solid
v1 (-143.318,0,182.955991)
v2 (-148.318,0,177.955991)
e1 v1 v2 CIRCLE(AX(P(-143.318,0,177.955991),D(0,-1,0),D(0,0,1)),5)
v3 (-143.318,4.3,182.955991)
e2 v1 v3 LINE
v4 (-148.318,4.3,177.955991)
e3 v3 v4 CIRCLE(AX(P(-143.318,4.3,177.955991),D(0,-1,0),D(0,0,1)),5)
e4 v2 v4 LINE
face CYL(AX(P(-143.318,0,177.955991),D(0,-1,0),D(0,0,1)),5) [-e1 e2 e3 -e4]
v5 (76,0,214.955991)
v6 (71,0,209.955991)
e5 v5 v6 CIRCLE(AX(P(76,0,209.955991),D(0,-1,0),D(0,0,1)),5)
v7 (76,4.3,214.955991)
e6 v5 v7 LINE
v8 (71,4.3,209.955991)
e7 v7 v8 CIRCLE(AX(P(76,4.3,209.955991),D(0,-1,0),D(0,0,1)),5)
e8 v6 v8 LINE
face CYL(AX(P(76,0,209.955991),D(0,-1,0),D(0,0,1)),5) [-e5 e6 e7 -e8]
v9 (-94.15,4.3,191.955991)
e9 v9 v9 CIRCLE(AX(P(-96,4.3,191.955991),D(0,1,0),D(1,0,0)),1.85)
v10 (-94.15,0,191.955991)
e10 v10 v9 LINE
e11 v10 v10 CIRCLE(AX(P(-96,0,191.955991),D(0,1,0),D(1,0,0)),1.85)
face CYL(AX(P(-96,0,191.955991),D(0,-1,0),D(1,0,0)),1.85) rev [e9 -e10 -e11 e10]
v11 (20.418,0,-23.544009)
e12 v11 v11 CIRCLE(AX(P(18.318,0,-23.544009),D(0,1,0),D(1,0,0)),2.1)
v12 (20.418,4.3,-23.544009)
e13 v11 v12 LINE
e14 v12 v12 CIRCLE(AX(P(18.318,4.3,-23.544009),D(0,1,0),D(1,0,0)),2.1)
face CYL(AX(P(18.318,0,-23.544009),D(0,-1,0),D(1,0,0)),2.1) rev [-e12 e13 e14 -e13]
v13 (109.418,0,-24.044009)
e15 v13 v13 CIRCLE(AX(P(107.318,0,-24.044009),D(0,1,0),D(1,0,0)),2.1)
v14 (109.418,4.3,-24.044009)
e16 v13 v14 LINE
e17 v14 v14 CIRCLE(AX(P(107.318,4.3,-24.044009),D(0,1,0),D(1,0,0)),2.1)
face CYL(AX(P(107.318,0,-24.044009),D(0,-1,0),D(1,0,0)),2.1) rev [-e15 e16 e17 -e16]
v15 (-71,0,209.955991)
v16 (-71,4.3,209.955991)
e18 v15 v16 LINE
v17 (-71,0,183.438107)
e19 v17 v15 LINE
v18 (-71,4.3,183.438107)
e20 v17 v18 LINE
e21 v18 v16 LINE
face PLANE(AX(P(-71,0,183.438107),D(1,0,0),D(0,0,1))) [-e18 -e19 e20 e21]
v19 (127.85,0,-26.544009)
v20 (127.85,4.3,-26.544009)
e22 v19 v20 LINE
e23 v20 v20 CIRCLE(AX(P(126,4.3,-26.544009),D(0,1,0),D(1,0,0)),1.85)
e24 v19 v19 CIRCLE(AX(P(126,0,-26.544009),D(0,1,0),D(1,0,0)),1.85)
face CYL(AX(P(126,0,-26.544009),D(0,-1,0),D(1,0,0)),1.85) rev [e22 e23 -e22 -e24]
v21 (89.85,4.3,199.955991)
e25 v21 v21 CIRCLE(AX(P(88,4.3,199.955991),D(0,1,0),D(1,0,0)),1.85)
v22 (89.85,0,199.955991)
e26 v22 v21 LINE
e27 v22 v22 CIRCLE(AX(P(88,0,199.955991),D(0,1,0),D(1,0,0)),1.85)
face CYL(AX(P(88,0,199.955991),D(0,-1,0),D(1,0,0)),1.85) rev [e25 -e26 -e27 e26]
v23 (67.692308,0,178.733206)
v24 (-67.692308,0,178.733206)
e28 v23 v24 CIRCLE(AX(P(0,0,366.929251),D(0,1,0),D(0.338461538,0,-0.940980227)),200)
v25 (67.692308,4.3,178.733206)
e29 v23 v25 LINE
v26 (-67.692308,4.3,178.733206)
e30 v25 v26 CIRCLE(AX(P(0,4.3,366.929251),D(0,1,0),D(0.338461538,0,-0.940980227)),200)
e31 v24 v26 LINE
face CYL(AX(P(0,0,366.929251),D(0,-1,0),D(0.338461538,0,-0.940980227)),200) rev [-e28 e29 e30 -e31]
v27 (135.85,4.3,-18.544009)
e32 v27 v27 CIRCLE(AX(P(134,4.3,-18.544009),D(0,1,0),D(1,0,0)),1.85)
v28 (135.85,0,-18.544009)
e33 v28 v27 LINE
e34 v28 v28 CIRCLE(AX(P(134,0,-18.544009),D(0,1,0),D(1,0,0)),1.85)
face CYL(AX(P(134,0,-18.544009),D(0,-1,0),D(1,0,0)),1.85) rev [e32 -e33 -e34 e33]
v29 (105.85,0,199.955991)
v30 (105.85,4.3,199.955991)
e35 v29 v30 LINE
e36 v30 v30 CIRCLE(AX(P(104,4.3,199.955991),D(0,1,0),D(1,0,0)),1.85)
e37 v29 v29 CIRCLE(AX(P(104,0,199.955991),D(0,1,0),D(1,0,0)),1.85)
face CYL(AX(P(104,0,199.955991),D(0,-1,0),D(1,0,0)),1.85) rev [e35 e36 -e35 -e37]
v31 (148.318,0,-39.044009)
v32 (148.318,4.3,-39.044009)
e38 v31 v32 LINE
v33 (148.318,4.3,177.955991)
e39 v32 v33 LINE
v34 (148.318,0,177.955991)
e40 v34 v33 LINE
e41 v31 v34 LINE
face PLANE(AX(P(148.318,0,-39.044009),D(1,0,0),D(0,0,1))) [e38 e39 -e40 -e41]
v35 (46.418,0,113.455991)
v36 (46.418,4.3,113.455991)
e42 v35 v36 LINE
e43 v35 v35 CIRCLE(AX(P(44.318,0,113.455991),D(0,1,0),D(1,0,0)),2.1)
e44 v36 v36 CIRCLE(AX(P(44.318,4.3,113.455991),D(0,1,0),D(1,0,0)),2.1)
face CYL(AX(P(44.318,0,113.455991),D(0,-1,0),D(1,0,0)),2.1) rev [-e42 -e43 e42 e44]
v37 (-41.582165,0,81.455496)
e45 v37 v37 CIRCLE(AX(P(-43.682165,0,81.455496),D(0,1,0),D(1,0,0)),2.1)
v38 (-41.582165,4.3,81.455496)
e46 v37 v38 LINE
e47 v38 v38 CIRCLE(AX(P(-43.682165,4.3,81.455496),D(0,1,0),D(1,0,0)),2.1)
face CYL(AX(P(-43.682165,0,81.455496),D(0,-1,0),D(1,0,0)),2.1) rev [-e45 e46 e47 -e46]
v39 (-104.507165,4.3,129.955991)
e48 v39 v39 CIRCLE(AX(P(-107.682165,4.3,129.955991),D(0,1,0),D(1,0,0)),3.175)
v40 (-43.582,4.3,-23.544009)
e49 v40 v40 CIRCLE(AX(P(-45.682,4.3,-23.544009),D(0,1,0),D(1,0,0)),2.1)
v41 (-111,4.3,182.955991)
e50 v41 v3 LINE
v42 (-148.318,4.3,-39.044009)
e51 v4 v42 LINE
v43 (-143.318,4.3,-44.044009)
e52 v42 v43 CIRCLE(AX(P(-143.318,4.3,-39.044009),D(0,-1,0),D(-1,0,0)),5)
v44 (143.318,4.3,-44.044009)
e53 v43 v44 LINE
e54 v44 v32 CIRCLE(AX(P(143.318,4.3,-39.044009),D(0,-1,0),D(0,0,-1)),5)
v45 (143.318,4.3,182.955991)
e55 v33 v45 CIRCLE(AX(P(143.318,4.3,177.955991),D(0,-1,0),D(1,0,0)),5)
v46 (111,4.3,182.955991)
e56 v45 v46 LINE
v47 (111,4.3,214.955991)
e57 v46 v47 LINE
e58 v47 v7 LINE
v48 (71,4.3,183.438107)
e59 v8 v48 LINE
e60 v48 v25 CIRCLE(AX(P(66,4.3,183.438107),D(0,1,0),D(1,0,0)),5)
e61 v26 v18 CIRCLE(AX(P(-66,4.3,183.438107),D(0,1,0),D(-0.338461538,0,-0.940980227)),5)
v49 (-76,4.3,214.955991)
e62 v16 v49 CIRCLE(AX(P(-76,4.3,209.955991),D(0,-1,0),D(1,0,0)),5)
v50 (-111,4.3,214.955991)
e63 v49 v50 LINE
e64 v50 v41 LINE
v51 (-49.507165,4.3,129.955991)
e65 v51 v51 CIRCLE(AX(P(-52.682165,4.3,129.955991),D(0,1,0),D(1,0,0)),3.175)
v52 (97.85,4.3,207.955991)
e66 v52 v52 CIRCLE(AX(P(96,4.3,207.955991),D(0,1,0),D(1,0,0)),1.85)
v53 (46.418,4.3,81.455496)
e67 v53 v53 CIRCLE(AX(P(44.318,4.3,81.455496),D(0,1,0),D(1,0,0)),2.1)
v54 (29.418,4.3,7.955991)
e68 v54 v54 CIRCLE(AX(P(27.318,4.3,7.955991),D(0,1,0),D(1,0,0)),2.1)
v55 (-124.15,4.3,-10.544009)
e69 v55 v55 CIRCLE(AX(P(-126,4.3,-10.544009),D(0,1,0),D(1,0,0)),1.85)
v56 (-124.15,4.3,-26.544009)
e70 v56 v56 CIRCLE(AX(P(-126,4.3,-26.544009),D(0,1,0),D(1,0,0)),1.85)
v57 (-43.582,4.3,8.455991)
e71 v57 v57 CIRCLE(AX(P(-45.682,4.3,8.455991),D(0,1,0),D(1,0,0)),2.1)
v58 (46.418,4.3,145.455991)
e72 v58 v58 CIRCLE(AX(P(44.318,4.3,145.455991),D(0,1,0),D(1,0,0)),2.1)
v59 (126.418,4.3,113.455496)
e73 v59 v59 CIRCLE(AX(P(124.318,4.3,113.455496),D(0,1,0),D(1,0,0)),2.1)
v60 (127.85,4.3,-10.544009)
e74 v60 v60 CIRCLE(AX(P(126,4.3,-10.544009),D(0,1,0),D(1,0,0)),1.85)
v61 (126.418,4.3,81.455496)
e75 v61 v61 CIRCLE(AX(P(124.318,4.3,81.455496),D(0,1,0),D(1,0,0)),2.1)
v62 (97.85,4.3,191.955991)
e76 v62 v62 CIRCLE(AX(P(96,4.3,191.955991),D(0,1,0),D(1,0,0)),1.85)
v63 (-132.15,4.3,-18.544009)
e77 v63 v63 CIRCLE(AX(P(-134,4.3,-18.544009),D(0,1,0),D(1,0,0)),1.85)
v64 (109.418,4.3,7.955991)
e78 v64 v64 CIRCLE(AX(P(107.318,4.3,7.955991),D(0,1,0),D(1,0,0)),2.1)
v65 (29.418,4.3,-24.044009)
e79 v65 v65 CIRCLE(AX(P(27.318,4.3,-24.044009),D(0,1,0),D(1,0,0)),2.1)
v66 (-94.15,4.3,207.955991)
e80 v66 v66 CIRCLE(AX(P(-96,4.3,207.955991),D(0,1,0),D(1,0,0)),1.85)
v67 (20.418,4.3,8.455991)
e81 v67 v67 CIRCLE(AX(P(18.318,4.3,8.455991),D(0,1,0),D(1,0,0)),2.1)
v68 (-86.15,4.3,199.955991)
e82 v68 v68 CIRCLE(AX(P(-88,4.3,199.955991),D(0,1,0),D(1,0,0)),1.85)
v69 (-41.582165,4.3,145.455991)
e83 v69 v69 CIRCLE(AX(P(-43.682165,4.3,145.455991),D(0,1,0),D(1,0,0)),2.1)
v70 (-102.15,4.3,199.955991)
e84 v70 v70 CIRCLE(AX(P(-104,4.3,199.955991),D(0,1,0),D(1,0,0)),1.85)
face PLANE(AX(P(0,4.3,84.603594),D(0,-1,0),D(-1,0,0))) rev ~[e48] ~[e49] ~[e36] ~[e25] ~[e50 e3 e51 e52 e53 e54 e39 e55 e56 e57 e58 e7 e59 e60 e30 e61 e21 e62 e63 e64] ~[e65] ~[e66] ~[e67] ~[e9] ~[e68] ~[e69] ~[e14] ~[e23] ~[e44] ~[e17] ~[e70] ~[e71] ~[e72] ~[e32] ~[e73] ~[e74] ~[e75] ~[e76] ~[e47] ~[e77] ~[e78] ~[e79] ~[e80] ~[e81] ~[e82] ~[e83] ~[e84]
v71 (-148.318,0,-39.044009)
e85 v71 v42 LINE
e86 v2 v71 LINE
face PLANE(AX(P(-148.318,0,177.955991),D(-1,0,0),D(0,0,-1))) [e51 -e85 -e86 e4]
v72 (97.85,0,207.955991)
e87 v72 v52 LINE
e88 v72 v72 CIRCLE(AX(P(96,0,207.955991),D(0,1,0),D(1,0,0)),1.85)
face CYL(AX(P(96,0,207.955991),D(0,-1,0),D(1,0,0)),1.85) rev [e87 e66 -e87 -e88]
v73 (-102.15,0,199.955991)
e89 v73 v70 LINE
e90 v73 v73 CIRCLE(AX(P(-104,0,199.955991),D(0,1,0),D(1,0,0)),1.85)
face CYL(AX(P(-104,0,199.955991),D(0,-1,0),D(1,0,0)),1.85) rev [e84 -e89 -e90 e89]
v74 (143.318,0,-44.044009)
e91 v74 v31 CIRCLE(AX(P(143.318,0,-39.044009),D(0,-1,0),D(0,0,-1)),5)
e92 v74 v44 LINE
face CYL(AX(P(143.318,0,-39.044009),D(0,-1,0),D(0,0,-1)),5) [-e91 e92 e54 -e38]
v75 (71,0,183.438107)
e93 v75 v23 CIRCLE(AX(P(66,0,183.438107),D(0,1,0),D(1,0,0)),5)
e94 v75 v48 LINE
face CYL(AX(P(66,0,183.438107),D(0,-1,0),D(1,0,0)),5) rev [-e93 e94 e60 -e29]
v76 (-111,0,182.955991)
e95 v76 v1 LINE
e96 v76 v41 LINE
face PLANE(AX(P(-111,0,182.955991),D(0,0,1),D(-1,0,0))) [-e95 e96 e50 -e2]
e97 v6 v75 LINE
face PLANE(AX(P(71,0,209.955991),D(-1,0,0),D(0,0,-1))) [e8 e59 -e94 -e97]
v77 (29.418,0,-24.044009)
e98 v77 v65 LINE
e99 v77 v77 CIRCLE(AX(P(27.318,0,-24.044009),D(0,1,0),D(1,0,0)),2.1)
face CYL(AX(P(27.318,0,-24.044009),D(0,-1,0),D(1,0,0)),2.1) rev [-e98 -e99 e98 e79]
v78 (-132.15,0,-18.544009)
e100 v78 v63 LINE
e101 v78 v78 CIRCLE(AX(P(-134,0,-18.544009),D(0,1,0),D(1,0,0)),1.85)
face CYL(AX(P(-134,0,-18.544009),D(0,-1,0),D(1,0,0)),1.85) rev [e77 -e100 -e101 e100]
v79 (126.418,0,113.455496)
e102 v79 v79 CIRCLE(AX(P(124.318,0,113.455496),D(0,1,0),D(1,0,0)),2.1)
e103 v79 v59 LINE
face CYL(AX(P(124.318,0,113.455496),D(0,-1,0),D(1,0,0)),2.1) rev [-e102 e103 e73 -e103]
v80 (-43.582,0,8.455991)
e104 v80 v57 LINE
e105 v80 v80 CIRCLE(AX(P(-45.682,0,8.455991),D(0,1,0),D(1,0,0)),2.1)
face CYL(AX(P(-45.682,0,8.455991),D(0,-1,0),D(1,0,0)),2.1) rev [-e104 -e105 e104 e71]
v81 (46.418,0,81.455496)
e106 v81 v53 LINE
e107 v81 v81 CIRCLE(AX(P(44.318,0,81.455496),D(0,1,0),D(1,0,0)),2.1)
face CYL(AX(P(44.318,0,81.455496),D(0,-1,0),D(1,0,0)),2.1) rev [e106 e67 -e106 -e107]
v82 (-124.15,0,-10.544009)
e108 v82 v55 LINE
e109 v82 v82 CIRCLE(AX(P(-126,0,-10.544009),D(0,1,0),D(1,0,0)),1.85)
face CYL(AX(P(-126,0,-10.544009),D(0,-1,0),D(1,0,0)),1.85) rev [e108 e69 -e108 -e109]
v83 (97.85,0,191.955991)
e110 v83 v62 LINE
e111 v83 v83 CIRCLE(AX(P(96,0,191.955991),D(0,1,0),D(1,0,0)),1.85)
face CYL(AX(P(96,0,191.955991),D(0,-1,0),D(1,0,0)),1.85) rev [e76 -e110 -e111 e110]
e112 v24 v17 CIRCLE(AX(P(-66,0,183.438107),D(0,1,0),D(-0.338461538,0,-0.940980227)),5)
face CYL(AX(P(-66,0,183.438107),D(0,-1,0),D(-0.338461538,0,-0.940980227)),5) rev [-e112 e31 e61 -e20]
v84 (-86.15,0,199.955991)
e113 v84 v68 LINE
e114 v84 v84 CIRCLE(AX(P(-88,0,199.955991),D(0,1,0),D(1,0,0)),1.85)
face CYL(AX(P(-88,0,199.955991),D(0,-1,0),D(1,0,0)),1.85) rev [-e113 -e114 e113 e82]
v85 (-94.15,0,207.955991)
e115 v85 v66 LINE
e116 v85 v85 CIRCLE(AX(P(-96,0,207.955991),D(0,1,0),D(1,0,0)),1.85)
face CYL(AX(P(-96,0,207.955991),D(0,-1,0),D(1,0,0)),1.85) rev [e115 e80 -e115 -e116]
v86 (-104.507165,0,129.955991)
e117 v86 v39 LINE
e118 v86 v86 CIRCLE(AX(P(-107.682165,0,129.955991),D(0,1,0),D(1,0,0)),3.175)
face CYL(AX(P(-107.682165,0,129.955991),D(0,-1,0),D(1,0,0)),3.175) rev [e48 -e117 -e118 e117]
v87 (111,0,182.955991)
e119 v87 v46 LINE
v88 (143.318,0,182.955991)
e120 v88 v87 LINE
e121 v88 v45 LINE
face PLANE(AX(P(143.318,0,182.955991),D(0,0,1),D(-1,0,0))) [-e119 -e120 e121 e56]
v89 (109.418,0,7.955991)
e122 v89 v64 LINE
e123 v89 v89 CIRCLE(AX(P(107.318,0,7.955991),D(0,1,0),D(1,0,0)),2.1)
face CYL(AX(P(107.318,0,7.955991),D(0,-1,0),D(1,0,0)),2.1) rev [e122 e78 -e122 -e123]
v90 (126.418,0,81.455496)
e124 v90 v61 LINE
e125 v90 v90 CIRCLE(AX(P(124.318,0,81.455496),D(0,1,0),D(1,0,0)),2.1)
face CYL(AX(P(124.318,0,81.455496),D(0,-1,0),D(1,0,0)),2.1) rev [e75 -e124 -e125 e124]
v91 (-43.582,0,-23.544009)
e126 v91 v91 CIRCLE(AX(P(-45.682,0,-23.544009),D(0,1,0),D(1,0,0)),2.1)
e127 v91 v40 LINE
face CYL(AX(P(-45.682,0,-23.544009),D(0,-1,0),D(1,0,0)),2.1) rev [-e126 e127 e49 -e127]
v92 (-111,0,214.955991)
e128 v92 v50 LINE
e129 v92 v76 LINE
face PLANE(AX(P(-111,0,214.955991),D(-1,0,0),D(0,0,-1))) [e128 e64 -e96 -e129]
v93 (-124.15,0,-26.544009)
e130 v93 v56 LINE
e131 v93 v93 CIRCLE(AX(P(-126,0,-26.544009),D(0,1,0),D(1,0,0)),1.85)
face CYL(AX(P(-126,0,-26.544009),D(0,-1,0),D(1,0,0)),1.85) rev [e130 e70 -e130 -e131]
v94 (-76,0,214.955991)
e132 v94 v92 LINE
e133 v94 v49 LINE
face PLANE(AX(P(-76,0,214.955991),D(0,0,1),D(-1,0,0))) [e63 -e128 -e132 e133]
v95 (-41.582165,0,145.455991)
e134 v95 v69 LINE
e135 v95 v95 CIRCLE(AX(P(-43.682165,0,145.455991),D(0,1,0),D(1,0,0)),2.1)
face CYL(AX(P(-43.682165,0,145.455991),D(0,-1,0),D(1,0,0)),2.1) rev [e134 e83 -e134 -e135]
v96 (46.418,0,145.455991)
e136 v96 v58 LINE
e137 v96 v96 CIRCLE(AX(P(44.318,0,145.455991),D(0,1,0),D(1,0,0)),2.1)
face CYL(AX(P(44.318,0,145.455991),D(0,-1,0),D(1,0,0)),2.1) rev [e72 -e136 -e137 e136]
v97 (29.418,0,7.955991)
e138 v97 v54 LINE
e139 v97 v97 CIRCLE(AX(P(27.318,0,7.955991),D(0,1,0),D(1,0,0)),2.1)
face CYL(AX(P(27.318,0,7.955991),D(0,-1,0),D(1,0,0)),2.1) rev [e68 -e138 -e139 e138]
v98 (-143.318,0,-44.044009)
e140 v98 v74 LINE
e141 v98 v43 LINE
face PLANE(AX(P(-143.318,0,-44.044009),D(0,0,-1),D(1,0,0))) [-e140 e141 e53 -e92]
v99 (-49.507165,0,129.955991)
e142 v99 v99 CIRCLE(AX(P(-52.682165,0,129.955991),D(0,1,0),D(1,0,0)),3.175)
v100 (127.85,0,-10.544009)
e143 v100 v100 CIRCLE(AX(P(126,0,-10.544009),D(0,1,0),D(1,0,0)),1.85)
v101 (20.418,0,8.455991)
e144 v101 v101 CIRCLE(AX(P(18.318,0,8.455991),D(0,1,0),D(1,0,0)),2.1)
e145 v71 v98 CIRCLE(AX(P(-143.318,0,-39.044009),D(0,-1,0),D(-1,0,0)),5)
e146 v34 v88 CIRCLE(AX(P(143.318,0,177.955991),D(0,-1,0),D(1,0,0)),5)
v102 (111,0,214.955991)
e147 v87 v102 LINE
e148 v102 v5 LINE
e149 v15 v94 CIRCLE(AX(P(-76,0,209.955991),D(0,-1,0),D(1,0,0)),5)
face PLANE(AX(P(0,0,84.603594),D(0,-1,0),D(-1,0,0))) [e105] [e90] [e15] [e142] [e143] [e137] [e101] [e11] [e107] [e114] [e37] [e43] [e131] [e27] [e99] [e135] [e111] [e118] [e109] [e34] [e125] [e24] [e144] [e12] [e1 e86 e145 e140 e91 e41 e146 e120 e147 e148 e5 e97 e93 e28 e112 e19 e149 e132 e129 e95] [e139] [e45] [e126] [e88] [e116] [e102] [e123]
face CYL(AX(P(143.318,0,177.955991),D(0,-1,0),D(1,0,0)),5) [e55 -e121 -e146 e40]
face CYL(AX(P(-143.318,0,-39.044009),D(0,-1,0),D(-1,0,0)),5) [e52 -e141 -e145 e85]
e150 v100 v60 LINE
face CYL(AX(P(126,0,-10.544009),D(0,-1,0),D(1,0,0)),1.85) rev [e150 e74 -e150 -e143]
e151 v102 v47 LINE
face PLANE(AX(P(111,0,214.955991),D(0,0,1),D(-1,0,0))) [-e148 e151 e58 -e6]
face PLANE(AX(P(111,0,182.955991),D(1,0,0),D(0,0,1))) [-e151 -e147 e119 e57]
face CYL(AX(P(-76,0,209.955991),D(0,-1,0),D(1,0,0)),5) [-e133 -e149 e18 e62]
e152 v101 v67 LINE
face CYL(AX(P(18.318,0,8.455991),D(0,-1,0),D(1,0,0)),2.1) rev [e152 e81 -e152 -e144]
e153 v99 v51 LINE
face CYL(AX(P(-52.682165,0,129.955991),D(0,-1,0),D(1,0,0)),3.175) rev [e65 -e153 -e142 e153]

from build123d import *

# Parameters (mm, degrees)
SKETCH1_R           = 1.85
SKETCH1_R_2         = 2.1
SKETCH1_R_3         = 3.175
BOSS_EXTRUDE1_DEPTH = 4.3


with BuildPart() as part:
    # Sketch1 → Boss-Extrude1 (new body)
    with BuildSketch(Plane(origin=(0, 0, 0), x_dir=(1, 0, 0), z_dir=(0, 1, 0))):
        with BuildLine():
            Line((-143.318, 44.044009042), (143.318, 44.044009042))
            ThreePointArc((143.318, 44.044009042), (146.853533906, 42.579542947), (148.318, 39.044009042))
            Line((148.318, 39.044009042), (148.318, -177.955990958))
            ThreePointArc((148.318, -177.955990958), (146.853533906, -181.491524864), (143.318, -182.955990958))
            Line((143.318, -182.955990958), (111, -182.955990958))
            Line((111, -182.955990958), (111, -214.955990958))
            Line((111, -214.955990958), (76, -214.955990958))
            ThreePointArc((76, -214.955990958), (72.464466094, -213.491524864), (71, -209.955990958))
            Line((71, -209.955990958), (71, -183.438106878))
            ThreePointArc((71, -183.438106878), (70.090326299, -180.562479856), (67.692307692, -178.733205745))
            ThreePointArc((67.692307692, -178.733205745), (0, -166.929251079), (-67.692307692, -178.733205745))
            ThreePointArc((-67.692307692, -178.733205745), (-70.090326299, -180.562479856), (-71, -183.438106878))
            Line((-71, -183.438106878), (-71, -209.955990958))
            ThreePointArc((-71, -209.955990958), (-72.464466094, -213.491524864), (-76, -214.955990958))
            Line((-76, -214.955990958), (-111, -214.955990958))
            Line((-111, -214.955990958), (-111, -182.955990958))
            Line((-111, -182.955990958), (-143.318, -182.955990958))
            ThreePointArc((-143.318, -182.955990958), (-146.853533906, -181.491524864), (-148.318, -177.955990958))
            Line((-148.318, -177.955990958), (-148.318, 39.044009042))
            ThreePointArc((-148.318, 39.044009042), (-146.853533906, 42.579542947), (-143.318, 44.044009042))
        make_face()
        with Locations((126, 26.544009042)):
            Circle(SKETCH1_R, mode=Mode.SUBTRACT)
        with Locations((134, 18.544009042)):
            Circle(SKETCH1_R, mode=Mode.SUBTRACT)
        with Locations((126, 10.544009042)):
            Circle(SKETCH1_R, mode=Mode.SUBTRACT)
        with Locations((107.318, -7.955990958)):
            Circle(SKETCH1_R_2, mode=Mode.SUBTRACT)
        with Locations((107.318, 24.044009042)):
            Circle(SKETCH1_R_2, mode=Mode.SUBTRACT)
        with Locations((18.318, 23.544009041)):
            Circle(SKETCH1_R_2, mode=Mode.SUBTRACT)
        with Locations((27.318, 24.044009042)):
            Circle(SKETCH1_R_2, mode=Mode.SUBTRACT)
        with Locations((18.318, -8.455990959)):
            Circle(SKETCH1_R_2, mode=Mode.SUBTRACT)
        with Locations((27.318, -7.955990958)):
            Circle(SKETCH1_R_2, mode=Mode.SUBTRACT)
        with Locations((-134, 18.544009042)):
            Circle(SKETCH1_R, mode=Mode.SUBTRACT)
        with Locations((-126, 10.544009042)):
            Circle(SKETCH1_R, mode=Mode.SUBTRACT)
        with Locations((-126, 26.544009042)):
            Circle(SKETCH1_R, mode=Mode.SUBTRACT)
        with Locations((-45.682, -8.455990959)):
            Circle(SKETCH1_R_2, mode=Mode.SUBTRACT)
        with Locations((-45.682, 23.544009041)):
            Circle(SKETCH1_R_2, mode=Mode.SUBTRACT)
        with Locations((-43.68216529, -145.455990959)):
            Circle(SKETCH1_R_2, mode=Mode.SUBTRACT)
        with Locations((-43.68216529, -81.455495942)):
            Circle(SKETCH1_R_2, mode=Mode.SUBTRACT)
        with Locations((44.318, -145.455990959)):
            Circle(SKETCH1_R_2, mode=Mode.SUBTRACT)
        with Locations((44.318, -113.455990958)):
            Circle(SKETCH1_R_2, mode=Mode.SUBTRACT)
        with Locations((44.318, -81.455495942)):
            Circle(SKETCH1_R_2, mode=Mode.SUBTRACT)
        with Locations((-96, -191.955990958)):
            Circle(SKETCH1_R, mode=Mode.SUBTRACT)
        with Locations((-104, -199.955990958)):
            Circle(SKETCH1_R, mode=Mode.SUBTRACT)
        with Locations((-88, -199.955990958)):
            Circle(SKETCH1_R, mode=Mode.SUBTRACT)
        with Locations((-96, -207.955990958)):
            Circle(SKETCH1_R, mode=Mode.SUBTRACT)
        with Locations((96, -207.955990958)):
            Circle(SKETCH1_R, mode=Mode.SUBTRACT)
        with Locations((96, -191.955990958)):
            Circle(SKETCH1_R, mode=Mode.SUBTRACT)
        with Locations((104, -199.955990958)):
            Circle(SKETCH1_R, mode=Mode.SUBTRACT)
        with Locations((88, -199.955990958)):
            Circle(SKETCH1_R, mode=Mode.SUBTRACT)
        with Locations((124.318, -81.455495942)):
            Circle(SKETCH1_R_2, mode=Mode.SUBTRACT)
        with Locations((124.318, -113.455495942)):
            Circle(SKETCH1_R_2, mode=Mode.SUBTRACT)
        with Locations((-52.68216529, -129.955990958)):
            Circle(SKETCH1_R_3, mode=Mode.SUBTRACT)
        with Locations((-107.68216529, -129.955990958)):
            Circle(SKETCH1_R_3, mode=Mode.SUBTRACT)
    extrude(amount=BOSS_EXTRUDE1_DEPTH)


solid = part.part
